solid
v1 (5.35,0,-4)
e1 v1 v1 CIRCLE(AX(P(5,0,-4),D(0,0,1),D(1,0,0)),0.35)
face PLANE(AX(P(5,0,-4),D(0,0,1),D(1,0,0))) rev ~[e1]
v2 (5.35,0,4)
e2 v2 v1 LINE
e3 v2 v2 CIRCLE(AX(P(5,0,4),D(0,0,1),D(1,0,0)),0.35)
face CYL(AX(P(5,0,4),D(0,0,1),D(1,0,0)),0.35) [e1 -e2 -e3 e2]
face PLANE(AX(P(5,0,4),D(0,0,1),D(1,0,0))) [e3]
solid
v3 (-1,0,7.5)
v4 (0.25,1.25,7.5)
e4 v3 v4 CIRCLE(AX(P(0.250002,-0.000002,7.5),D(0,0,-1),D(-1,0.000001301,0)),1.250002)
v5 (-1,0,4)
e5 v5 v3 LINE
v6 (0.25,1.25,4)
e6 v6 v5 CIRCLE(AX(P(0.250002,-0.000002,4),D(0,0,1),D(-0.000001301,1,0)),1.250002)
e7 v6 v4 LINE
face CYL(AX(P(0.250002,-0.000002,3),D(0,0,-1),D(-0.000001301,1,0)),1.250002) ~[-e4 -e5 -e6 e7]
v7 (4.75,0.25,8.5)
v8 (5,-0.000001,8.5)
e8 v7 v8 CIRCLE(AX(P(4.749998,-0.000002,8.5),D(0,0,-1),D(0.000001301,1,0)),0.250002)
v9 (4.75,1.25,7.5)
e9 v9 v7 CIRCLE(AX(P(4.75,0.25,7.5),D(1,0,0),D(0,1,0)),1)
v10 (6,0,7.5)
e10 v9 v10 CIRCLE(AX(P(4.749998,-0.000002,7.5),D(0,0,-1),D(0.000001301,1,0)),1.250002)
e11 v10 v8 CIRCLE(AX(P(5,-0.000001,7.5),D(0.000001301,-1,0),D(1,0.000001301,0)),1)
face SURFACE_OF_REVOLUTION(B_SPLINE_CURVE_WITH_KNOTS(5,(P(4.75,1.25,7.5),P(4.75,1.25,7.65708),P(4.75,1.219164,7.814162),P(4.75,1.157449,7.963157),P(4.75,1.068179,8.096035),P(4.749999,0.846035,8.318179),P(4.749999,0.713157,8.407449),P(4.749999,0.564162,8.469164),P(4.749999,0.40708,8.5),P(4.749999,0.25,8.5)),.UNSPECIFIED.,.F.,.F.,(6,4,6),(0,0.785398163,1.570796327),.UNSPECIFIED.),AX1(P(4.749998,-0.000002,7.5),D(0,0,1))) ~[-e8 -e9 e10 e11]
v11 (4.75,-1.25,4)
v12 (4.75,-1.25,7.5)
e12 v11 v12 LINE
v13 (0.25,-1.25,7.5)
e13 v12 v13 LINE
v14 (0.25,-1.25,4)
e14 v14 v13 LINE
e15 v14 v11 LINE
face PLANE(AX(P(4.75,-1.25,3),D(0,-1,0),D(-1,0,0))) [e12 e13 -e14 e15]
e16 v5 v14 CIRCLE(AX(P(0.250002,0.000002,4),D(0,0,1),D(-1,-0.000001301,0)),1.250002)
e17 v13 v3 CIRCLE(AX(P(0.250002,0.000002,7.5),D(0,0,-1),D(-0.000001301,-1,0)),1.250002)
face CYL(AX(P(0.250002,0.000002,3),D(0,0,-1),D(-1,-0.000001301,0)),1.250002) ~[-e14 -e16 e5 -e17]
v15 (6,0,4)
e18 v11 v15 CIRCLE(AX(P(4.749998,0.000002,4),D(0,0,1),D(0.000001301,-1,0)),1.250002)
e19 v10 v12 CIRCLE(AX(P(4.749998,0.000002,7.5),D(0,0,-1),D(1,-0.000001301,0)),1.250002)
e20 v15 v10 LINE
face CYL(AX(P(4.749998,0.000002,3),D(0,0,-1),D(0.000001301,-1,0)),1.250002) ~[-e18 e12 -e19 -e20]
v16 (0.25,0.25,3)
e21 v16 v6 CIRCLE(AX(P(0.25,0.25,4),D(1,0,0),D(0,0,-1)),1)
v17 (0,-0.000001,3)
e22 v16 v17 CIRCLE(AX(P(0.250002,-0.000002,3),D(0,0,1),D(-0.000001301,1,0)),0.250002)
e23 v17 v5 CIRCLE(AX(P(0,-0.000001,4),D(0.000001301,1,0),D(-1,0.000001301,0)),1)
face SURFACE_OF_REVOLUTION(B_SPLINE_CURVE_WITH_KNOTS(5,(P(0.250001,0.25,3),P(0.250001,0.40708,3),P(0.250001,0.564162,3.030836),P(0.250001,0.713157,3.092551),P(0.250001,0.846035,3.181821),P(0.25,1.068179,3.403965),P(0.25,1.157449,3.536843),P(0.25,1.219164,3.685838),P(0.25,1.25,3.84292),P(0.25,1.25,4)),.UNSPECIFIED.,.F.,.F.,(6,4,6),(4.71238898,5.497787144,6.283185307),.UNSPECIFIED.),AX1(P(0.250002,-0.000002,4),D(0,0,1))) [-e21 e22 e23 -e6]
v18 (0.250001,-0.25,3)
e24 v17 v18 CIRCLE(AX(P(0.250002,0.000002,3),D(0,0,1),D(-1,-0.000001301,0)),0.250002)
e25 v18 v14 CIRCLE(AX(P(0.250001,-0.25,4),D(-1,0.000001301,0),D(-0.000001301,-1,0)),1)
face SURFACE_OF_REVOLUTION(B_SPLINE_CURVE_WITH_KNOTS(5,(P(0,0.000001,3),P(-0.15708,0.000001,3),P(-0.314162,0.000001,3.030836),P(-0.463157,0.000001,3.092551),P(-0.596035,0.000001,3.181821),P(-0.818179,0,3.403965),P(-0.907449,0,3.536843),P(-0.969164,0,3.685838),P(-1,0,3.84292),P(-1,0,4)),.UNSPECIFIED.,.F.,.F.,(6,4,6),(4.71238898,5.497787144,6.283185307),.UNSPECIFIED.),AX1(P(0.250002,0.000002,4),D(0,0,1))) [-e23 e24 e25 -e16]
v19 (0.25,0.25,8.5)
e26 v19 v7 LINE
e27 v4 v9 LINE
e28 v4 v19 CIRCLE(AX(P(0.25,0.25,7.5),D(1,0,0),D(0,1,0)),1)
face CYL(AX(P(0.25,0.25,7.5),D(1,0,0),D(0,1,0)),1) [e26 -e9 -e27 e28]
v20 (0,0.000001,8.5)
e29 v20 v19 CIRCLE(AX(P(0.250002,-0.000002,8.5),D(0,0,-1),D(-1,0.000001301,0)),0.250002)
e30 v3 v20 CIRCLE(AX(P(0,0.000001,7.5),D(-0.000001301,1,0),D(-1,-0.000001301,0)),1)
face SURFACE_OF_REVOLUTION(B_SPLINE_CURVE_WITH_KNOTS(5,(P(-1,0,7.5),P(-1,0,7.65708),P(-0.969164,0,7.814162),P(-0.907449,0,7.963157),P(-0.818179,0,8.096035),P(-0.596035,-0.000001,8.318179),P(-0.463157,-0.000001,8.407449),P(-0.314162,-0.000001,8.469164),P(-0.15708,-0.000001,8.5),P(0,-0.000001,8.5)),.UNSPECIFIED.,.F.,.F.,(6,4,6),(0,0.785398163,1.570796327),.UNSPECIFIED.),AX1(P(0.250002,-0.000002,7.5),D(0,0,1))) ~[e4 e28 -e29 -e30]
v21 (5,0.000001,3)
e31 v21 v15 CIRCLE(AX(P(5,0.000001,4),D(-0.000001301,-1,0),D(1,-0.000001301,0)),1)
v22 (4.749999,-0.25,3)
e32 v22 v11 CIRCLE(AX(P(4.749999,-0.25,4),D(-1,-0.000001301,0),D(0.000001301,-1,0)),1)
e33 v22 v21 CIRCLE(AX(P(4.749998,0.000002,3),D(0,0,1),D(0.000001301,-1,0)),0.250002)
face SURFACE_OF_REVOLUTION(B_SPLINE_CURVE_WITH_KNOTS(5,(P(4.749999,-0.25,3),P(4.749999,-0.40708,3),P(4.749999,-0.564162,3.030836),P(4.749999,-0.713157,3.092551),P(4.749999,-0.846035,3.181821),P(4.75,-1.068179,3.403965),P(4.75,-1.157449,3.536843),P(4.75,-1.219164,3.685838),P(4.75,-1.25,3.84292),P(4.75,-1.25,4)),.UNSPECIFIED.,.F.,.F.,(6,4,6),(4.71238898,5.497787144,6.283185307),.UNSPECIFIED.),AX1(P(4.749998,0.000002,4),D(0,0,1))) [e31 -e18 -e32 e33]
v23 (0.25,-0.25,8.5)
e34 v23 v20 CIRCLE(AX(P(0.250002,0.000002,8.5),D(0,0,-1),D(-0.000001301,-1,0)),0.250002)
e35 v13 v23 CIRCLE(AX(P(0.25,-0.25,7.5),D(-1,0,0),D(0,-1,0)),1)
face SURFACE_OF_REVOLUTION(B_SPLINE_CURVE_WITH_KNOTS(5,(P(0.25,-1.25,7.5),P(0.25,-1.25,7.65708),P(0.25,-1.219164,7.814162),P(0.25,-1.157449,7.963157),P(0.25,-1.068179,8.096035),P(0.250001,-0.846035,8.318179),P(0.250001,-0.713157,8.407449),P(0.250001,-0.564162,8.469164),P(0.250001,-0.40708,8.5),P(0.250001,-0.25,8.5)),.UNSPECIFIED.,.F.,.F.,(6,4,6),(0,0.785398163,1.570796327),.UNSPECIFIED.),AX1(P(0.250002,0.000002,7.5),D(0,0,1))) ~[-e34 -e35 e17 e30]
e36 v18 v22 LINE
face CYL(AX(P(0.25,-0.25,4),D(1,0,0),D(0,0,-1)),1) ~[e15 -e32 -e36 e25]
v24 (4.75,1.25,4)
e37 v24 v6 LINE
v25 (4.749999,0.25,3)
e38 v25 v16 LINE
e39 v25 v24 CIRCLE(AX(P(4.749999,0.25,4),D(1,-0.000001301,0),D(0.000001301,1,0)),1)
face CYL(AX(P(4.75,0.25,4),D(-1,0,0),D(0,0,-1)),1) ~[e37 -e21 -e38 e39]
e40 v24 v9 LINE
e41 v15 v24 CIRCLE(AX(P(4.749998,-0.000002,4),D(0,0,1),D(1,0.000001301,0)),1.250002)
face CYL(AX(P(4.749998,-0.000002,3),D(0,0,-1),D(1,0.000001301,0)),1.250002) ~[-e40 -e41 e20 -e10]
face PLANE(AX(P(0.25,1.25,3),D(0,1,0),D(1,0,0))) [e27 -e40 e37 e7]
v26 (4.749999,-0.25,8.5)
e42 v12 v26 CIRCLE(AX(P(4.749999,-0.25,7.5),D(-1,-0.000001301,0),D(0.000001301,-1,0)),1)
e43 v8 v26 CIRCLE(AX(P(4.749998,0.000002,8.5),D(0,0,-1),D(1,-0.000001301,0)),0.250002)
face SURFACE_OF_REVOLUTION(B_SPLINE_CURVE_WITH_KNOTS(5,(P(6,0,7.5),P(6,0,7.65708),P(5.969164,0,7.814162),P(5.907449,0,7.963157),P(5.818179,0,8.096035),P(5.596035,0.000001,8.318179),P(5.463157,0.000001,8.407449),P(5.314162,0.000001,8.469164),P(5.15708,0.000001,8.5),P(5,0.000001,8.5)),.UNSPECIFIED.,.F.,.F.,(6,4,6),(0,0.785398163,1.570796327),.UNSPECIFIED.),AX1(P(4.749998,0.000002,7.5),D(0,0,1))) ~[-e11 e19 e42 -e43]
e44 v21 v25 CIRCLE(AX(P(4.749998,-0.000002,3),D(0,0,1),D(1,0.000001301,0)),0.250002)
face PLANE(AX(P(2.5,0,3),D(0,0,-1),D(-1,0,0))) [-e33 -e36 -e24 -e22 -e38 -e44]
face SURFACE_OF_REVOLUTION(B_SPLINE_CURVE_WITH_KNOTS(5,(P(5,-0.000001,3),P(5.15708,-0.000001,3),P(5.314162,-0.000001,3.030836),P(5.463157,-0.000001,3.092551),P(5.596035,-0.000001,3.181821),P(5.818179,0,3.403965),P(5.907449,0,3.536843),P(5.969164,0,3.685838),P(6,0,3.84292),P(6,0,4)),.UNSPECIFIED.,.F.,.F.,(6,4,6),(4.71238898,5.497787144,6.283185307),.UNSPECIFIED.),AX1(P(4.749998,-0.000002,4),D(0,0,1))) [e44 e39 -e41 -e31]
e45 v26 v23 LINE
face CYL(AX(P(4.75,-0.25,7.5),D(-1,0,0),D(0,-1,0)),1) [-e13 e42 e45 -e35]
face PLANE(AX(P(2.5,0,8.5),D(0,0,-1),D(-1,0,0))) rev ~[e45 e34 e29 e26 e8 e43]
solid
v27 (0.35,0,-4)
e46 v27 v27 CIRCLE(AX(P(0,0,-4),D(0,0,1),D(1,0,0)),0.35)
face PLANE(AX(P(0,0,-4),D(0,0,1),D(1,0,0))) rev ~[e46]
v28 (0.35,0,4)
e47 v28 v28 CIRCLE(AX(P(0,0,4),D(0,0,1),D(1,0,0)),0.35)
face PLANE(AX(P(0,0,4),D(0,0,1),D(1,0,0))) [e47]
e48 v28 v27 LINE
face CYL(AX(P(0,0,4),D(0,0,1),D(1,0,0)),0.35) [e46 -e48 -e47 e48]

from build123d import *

# Parameters (mm, degrees)
SKETCH_R     = 0.35
PAD_DEPTH    = 8
PAD002_DEPTH = 5.5
FILLET_R     = 1
FILLET001_R  = 1


with BuildPart() as pad:
    # Sketch → Pad (new body)
    with BuildSketch(Plane.XY.offset(4)):
        Circle(SKETCH_R)
        with Locations((5, 0)):
            Circle(SKETCH_R)
    extrude(amount=-PAD_DEPTH)


with BuildPart() as fillet001:
    # Sketch003 → Pad002 (new body)
    with BuildSketch(Plane.XY.offset(3)):
        with BuildLine():
            Line((0.25, 1.25), (4.75, 1.25))
            ThreePointArc((6, 0), (5.633883, 0.883883), (4.75, 1.25))
            ThreePointArc((4.75, -1.25), (5.633883, -0.883883), (6, 0))
            Line((4.75, -1.25), (0.25, -1.25))
            ThreePointArc((-1, 0), (-0.633883, -0.883883), (0.25, -1.25))
            ThreePointArc((0.25, 1.25), (-0.633883, 0.883883), (-1, 0))
        make_face()
    extrude(amount=PAD002_DEPTH)

    # Fillet
    fillet_edges = [fillet001.edges().sort_by_distance(p)[0] for p in [
        (2.5, 1.25, 8.5),
        (-0.633883, 0.883883, 8.5),
        (-0.633883, -0.883883, 8.5),
        (2.5, -1.25, 8.5),
        (5.633883, -0.883883, 8.5),
        (5.633883, 0.883883, 8.5),
    ]]
    fillet(fillet_edges, radius=FILLET_R)

    # Fillet001
    fillet001_edges = [fillet001.edges().sort_by_distance(p)[0] for p in [
        (5.633883, -0.883883, 3),
        (5.633883, 0.883883, 3),
        (2.5, 1.25, 3),
        (2.5, -1.25, 3),
        (-0.633883, -0.883883, 3),
        (-0.633883, 0.883883, 3),
    ]]
    fillet(fillet001_edges, radius=FILLET001_R)


solid = Compound([pad.part, fillet001.part])
